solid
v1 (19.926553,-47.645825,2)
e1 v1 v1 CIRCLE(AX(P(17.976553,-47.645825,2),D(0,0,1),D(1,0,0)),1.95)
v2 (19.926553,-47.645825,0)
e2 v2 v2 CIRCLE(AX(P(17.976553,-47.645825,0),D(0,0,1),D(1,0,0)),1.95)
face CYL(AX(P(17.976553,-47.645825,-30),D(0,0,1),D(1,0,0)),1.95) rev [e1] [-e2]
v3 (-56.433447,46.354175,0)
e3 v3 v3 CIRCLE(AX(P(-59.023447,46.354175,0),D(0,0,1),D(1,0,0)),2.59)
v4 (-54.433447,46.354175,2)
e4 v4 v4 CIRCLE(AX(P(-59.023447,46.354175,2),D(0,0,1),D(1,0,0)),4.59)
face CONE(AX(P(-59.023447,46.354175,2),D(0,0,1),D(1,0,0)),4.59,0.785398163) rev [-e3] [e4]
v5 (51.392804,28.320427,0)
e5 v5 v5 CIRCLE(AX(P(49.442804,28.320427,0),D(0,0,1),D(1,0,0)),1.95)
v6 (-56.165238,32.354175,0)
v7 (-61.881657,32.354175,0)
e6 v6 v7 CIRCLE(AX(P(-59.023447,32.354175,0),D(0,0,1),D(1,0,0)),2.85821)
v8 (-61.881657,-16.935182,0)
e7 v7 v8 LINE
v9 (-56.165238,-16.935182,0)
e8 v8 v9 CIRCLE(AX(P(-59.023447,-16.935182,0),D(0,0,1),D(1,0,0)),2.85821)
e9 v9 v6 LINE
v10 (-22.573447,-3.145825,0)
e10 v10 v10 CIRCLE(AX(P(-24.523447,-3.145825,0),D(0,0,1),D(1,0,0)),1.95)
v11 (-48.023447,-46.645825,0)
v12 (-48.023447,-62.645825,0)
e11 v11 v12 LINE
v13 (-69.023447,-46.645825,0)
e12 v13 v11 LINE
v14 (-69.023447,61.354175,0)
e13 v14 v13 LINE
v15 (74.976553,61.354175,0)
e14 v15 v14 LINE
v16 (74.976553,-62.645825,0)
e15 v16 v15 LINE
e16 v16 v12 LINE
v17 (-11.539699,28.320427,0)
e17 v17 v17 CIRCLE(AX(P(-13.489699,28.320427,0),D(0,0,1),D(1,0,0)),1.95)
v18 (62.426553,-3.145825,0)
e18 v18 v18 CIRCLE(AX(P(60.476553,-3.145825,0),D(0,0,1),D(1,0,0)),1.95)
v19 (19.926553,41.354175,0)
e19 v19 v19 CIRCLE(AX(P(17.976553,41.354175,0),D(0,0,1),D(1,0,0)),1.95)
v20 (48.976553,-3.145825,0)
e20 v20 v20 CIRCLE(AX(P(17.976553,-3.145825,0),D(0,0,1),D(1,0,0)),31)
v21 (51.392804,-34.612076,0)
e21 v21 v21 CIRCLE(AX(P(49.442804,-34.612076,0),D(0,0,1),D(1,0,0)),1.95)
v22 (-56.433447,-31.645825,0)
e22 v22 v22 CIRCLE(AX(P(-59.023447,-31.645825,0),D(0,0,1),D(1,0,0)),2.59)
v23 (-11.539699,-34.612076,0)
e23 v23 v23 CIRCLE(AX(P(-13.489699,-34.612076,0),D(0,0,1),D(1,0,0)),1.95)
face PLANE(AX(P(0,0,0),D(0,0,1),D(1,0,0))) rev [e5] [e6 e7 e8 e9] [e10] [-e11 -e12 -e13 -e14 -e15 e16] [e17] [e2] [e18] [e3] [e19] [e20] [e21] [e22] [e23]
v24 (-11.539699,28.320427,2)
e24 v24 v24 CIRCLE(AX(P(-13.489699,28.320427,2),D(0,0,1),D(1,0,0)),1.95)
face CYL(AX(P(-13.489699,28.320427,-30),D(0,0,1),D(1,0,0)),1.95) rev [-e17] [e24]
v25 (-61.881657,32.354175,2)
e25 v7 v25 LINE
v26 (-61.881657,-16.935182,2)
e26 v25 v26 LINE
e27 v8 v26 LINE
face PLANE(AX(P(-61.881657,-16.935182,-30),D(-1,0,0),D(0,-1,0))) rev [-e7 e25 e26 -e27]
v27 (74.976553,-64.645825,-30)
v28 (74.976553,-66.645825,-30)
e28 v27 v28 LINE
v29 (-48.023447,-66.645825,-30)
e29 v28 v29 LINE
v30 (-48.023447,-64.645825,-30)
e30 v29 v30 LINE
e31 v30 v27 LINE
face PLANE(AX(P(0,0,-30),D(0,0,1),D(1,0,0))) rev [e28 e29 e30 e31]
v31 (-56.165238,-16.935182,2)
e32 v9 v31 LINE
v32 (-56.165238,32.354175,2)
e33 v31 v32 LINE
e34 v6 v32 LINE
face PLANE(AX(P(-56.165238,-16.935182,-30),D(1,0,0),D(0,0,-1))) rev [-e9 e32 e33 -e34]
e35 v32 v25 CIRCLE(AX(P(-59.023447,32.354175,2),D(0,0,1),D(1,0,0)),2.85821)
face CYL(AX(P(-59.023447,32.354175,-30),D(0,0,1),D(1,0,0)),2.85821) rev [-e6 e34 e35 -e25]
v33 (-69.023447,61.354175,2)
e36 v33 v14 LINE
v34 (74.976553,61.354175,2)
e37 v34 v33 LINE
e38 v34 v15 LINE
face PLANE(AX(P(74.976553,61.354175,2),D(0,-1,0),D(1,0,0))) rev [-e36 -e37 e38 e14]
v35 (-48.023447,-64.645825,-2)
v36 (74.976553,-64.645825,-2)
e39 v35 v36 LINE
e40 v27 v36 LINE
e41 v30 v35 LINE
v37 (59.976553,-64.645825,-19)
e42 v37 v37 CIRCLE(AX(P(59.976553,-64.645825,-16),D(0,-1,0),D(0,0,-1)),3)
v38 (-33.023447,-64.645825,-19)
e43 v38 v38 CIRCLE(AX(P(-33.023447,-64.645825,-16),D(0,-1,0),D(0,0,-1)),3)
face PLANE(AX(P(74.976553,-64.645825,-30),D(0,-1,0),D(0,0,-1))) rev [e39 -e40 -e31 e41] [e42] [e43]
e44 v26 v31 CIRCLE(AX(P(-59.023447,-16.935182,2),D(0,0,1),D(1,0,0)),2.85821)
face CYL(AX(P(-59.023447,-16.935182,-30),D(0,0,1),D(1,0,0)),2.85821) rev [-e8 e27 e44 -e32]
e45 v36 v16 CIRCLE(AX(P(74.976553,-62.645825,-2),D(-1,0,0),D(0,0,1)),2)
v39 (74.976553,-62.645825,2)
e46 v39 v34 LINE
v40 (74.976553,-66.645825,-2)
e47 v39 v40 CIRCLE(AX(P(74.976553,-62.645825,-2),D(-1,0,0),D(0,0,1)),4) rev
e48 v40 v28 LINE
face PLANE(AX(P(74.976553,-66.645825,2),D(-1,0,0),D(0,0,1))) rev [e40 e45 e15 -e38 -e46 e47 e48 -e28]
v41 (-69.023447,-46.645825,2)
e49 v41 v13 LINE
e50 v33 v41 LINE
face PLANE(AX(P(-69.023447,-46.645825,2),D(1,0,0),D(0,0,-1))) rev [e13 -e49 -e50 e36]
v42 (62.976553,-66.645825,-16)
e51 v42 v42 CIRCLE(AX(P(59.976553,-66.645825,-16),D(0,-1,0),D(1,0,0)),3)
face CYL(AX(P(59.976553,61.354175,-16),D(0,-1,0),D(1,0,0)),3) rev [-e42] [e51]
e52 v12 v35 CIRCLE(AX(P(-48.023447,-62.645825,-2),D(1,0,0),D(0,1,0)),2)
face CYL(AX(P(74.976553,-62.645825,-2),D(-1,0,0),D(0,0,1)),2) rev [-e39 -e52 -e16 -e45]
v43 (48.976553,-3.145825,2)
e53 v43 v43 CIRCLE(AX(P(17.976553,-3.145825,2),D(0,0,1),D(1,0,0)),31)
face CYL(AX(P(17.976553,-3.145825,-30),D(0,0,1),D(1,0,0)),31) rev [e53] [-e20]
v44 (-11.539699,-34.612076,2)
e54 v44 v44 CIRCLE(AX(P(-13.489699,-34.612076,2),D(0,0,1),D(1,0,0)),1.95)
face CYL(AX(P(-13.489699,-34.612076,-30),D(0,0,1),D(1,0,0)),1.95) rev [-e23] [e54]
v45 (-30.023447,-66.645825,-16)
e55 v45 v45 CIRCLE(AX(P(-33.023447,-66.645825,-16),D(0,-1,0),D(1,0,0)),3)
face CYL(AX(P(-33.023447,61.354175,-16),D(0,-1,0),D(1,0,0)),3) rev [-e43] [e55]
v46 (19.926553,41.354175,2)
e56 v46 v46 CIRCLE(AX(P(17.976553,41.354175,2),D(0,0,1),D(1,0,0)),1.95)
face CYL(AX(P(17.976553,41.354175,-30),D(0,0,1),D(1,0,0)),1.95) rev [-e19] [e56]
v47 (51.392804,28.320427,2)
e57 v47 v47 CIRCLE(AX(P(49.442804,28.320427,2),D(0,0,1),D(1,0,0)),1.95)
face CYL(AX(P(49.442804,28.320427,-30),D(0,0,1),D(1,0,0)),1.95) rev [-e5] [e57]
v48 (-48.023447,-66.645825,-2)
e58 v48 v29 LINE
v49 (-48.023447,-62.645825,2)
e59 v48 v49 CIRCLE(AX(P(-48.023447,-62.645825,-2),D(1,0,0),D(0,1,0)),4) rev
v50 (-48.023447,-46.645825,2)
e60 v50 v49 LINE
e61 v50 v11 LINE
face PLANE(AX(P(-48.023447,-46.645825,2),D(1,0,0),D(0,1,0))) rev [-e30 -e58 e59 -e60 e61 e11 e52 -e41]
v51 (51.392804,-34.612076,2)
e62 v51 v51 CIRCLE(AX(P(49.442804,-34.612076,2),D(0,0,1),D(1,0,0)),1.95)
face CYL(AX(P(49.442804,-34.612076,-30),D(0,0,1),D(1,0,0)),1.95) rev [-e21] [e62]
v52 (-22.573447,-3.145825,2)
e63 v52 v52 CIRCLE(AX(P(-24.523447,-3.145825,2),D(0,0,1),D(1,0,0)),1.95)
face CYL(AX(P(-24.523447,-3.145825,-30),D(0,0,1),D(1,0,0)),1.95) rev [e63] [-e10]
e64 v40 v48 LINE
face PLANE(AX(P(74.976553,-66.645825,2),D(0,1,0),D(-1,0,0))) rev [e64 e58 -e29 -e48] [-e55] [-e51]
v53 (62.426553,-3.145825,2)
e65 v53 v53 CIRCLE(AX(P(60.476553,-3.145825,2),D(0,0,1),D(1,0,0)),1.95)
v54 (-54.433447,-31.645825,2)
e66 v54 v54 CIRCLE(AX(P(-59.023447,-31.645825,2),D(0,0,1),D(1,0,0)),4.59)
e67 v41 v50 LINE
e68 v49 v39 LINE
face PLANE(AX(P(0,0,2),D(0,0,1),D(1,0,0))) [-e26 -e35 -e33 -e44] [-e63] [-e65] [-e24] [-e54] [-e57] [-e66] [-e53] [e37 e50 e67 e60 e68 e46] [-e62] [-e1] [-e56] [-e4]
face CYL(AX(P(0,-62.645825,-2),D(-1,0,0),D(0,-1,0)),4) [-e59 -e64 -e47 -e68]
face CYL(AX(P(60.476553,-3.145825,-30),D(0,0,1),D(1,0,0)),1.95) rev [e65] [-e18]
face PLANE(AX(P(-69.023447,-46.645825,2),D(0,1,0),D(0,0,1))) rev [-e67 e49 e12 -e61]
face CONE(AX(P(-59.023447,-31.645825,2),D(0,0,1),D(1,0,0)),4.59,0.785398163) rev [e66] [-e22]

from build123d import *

# Parameters (mm, degrees)
AUFSATZ_LINEAR_AUSTRAGEN1_DEPTH                      = 2
SKIZZE2_W                                            = 123
SKIZZE2_H                                            = 2
AUFSATZ_LINEAR_AUSTRAGEN2_DEPTH                      = 30
VERRUNDUNG1_R                                        = 2
VERRUNDUNG2_R                                        = 4
SKIZZE3_R                                            = 3
SCHNITT_LINEAR_AUSTRAGEN1_DEPTH                      = 152.345576266
FORMSENKUNG_F_R_M4_SENKSCHRAUBE_MIT_INNE_D           = 4.5
FORMSENKUNG_F_R_M4_SENKSCHRAUBE_MIT_INNE_DEPTH       = 11.94
FORMSENKUNG_F_R_M4_SENKSCHRAUBE_MIT_INNE_CSINK_D     = 9.18
FORMSENKUNG_F_R_M4_SENKSCHRAUBE_MIT_INNE_CSINK_ANGLE = 90
FORMSENKUNG_F_R_M4_SENKSCHRAUBE_MIT_INNE_TIP         = 1.351936393
SKIZZE7_R                                            = 1.95
SKIZZE7_R_2                                          = 31
SCHNITT_LINEAR_AUSTRAGEN2_DEPTH                      = 106.295533596


with BuildPart() as part:
    # Skizze1 → Aufsatz-Linear austragen1 (new body)
    with BuildSketch(Plane.XY):
        Polygon((-69.023447297, -46.645824625), (-48.023447297, -46.645824625), (-48.023447297, -66.645824625), (74.976552703, -66.645824625), (74.976552703, 61.354175375), (-69.023447297, 61.354175375), align=None)
    extrude(amount=AUFSATZ_LINEAR_AUSTRAGEN1_DEPTH)

    # Skizze2 → Aufsatz-Linear austragen2 (add)
    with BuildSketch(Plane(origin=(0, 0, 0), x_dir=(-1, 0, 0), z_dir=(0, 0, -1))):
        with Locations((-13.476552703, -65.645824625)):
            Rectangle(SKIZZE2_W, SKIZZE2_H)
    extrude(amount=AUFSATZ_LINEAR_AUSTRAGEN2_DEPTH)

    # Verrundung1
    verrundung1_edges = [part.edges().sort_by_distance(p)[0] for p in [
        (13.476552703, -64.645824625, 0),
    ]]
    fillet(verrundung1_edges, radius=VERRUNDUNG1_R)

    # Verrundung2
    verrundung2_edges = [part.edges().sort_by_distance(p)[0] for p in [
        (13.476552703, -66.645824625, 2),
    ]]
    fillet(verrundung2_edges, radius=VERRUNDUNG2_R)

    # Skizze3 → Schnitt-Linear austragen1 (cut, through all)
    with BuildSketch(Plane.XZ.offset(66.645824625)):
        with Locations((-33.023447297, -16)):
            Circle(SKIZZE3_R)
        with Locations((59.976552703, -16)):
            Circle(SKIZZE3_R)
    extrude(amount=-SCHNITT_LINEAR_AUSTRAGEN1_DEPTH, mode=Mode.SUBTRACT)

    # Formsenkung für M4 Senkschraube mit Innensechskant1
    with Locations(Plane.XY.offset(2)):
        with Locations((-59.023447297, -31.645824625), (-59.023447297, 46.354175375)):
            CounterSinkHole(FORMSENKUNG_F_R_M4_SENKSCHRAUBE_MIT_INNE_D / 2, FORMSENKUNG_F_R_M4_SENKSCHRAUBE_MIT_INNE_CSINK_D / 2, depth=FORMSENKUNG_F_R_M4_SENKSCHRAUBE_MIT_INNE_DEPTH, counter_sink_angle=FORMSENKUNG_F_R_M4_SENKSCHRAUBE_MIT_INNE_CSINK_ANGLE)
            with Locations((0, 0, -(FORMSENKUNG_F_R_M4_SENKSCHRAUBE_MIT_INNE_DEPTH + FORMSENKUNG_F_R_M4_SENKSCHRAUBE_MIT_INNE_TIP / 2))):  # 118° drill point
                Cone(0, FORMSENKUNG_F_R_M4_SENKSCHRAUBE_MIT_INNE_D / 2, FORMSENKUNG_F_R_M4_SENKSCHRAUBE_MIT_INNE_TIP, mode=Mode.SUBTRACT)

    # Skizze7 → Schnitt-Linear austragen2 (cut, through all)
    with BuildSketch(Plane.XY.offset(2)):
        with Locations((17.976552703, 41.354175375)):
            Circle(SKIZZE7_R)
        with Locations((49.442804466, 28.320427137)):
            Circle(SKIZZE7_R)
        with Locations((49.442804466, -34.612076388)):
            Circle(SKIZZE7_R)
        with Locations((17.976552703, -47.645824625)):
            Circle(SKIZZE7_R)
        with Locations((-13.489699059, -34.612076388)):
            Circle(SKIZZE7_R)
        with Locations((-13.489699059, 28.320427137)):
            Circle(SKIZZE7_R)
        with Locations((17.976552703, -3.145824625)):
            Circle(SKIZZE7_R_2)
        with Locations((-24.523447297, -3.145824625)):
            Circle(SKIZZE7_R)
        with Locations((60.476552703, -3.145824625)):
            Circle(SKIZZE7_R)
        with BuildLine():
            Line((-61.881657041, -16.935182234), (-61.881657041, 32.354175375))
            ThreePointArc((-61.881657041, 32.354175375), (-59.023447297, 35.212385119), (-56.165237552, 32.354175375))
            Line((-56.165237552, 32.354175375), (-56.165237552, -16.935182234))
            ThreePointArc((-56.165237552, -16.935182234), (-59.023447297, -19.793391979), (-61.881657041, -16.935182234))
        make_face()
    extrude(amount=-SCHNITT_LINEAR_AUSTRAGEN2_DEPTH, mode=Mode.SUBTRACT)


solid = part.part
